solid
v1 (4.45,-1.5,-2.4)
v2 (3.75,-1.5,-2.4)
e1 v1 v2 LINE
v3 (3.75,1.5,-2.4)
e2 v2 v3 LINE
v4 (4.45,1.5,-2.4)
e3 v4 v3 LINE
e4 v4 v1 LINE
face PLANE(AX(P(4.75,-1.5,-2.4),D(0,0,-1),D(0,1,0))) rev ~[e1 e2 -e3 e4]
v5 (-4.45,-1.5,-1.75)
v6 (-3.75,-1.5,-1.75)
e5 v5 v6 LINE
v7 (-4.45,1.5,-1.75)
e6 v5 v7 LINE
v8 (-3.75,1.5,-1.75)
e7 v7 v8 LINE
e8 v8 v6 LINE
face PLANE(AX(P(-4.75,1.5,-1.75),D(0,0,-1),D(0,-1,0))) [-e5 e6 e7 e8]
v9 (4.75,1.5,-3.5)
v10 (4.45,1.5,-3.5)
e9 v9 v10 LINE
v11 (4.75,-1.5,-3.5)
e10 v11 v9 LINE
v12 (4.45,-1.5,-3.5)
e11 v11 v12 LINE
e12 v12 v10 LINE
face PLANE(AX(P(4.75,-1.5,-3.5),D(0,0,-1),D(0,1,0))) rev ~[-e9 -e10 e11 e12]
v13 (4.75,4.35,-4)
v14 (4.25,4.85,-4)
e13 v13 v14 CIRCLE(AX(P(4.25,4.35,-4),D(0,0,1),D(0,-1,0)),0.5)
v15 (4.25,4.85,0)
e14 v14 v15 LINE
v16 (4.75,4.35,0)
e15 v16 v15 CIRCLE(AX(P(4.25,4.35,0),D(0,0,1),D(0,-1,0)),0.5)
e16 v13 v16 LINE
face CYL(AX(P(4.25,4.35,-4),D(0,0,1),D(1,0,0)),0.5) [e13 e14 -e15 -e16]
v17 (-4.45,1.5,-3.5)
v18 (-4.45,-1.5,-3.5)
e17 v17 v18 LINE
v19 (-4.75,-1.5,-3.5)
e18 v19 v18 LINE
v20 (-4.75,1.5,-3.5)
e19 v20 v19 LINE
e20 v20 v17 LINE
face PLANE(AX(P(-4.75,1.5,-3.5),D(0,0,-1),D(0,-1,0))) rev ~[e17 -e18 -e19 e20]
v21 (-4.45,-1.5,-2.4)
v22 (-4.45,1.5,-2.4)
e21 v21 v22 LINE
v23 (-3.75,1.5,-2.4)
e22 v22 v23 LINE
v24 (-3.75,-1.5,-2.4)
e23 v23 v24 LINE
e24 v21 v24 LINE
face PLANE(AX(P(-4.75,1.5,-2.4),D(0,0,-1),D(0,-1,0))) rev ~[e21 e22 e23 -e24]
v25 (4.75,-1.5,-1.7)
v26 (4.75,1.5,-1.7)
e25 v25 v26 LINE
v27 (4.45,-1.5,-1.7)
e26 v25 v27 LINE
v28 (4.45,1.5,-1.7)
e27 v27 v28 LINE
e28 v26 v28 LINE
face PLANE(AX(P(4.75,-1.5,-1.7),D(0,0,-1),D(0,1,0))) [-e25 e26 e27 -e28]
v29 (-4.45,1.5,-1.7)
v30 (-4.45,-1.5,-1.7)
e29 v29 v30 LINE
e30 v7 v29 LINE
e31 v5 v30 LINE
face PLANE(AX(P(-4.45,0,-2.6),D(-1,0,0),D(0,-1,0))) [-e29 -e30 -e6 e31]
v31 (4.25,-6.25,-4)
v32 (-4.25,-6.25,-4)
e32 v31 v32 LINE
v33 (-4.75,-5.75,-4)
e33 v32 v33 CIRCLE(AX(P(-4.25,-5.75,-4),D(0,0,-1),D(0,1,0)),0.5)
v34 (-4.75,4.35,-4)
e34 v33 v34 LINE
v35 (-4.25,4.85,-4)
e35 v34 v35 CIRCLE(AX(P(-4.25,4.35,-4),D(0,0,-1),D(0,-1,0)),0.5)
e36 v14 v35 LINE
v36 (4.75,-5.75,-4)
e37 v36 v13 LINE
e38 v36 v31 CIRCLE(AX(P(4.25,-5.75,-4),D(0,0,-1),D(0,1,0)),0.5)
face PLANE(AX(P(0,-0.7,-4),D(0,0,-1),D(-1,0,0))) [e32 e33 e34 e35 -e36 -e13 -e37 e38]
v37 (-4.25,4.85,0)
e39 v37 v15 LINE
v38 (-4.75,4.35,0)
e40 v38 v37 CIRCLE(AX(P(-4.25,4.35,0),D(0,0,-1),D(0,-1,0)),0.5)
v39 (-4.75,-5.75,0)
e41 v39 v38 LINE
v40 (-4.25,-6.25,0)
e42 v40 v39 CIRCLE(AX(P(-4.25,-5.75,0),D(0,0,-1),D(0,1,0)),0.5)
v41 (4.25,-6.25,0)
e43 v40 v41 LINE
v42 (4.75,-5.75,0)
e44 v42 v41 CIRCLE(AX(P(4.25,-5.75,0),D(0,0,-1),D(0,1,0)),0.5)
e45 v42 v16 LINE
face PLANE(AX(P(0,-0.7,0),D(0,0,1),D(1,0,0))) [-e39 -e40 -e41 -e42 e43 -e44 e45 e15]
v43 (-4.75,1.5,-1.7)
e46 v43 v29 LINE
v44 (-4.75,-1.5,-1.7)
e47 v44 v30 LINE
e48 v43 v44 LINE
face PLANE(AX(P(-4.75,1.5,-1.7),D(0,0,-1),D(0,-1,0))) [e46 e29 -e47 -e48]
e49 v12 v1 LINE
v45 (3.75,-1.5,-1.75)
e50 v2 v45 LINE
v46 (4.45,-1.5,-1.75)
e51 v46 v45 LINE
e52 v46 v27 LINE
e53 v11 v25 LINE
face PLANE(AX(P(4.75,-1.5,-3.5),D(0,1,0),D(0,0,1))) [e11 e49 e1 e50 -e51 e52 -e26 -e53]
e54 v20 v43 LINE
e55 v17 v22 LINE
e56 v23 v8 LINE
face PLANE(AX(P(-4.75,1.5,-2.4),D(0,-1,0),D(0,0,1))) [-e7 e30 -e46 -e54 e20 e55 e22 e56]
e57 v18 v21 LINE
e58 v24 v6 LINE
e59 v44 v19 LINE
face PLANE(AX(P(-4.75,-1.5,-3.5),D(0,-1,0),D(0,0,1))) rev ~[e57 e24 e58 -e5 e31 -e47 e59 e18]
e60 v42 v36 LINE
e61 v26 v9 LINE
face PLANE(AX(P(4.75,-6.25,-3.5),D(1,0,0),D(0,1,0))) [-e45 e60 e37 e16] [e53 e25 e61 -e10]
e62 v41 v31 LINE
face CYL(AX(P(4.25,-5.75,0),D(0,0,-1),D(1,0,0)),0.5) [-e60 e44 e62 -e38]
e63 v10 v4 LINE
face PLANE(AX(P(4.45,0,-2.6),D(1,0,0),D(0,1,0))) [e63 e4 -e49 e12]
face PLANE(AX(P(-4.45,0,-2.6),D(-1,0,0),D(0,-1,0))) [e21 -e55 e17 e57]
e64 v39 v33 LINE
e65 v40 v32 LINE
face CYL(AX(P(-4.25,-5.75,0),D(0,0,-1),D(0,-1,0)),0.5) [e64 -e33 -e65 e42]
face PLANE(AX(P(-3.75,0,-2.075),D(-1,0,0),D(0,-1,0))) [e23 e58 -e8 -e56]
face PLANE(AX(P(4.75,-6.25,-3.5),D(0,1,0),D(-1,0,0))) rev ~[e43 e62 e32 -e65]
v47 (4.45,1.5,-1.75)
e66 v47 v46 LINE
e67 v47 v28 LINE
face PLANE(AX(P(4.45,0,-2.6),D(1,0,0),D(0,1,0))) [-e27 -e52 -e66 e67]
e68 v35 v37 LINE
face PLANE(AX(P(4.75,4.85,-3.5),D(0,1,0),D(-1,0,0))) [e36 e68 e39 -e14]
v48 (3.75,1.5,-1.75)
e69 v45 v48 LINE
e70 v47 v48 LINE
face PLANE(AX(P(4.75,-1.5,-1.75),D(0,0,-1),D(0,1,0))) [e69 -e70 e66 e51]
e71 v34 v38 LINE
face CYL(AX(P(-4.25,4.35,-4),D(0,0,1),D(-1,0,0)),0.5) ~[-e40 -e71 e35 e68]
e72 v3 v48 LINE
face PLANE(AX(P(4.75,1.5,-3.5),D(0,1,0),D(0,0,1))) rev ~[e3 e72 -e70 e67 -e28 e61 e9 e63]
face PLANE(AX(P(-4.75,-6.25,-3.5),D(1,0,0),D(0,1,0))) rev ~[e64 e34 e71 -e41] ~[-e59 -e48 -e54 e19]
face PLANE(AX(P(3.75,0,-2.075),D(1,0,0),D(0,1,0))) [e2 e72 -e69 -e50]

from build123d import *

# Parameters (mm, degrees)
SKETCH006_W     = 9.5
SKETCH006_H     = 11.1
PAD004_DEPTH    = 3.5
SKETCH013_W     = 3
SKETCH013_H     = 0.65
POCKET005_DEPTH = 1
SKETCH014_W     = 9.5
SKETCH014_H     = 11.1
PAD007_DEPTH    = 0.5
FILLET007_R     = 0.5
SKETCH019_W     = 3
SKETCH019_H     = 0.65
POCKET006_DEPTH = 1
SKETCH020_W     = 3
SKETCH020_H     = 1.8
POCKET007_DEPTH = 0.3
SKETCH021_W     = 3
SKETCH021_H     = 1.8
POCKET008_DEPTH = 0.3


with BuildPart() as part:
    # Sketch006 → Pad004 (new body)
    with BuildSketch(Plane.XY):
        with Locations((0, -0.7)):
            Rectangle(SKETCH006_W, SKETCH006_H)
    extrude(amount=-PAD004_DEPTH)

    # Sketch013 (on Face4 of Pad004) → Pocket005 (cut)
    with BuildSketch(Plane.YZ.offset(4.75)):
        with Locations((0, -2.075)):
            Rectangle(SKETCH013_W, SKETCH013_H)
    extrude(amount=-POCKET005_DEPTH, mode=Mode.SUBTRACT)

    # Sketch014 (on Face5 of Pocket005) → Pad007 (join)
    with BuildSketch(Plane(origin=(0, 0, -3.5), x_dir=(-1, 0, 0), z_dir=(0, 0, -1))):
        with Locations((0, -0.7)):
            Rectangle(SKETCH014_W, SKETCH014_H)
    extrude(amount=PAD007_DEPTH)

    # Fillet007
    fillet007_edges = [part.edges().sort_by_distance(p)[0] for p in [
        (4.75, -6.25, -3.75),
        (-4.75, -6.25, -3.75),
        (4.75, 4.85, -3.75),
        (-4.75, 4.85, -3.75),
    ]]
    fillet(fillet007_edges, radius=FILLET007_R)

    # Sketch019 (on Face7 of Fillet007) → Pocket006 (cut)
    with BuildSketch(Plane(origin=(-4.75, 0, 0), x_dir=(0, -1, 0), z_dir=(-1, 0, 0))):
        with Locations((0, -2.075)):
            Rectangle(SKETCH019_W, SKETCH019_H)
    extrude(amount=-POCKET006_DEPTH, mode=Mode.SUBTRACT)

    # Sketch020 (on Face6 of Pocket006) → Pocket007 (cut)
    with BuildSketch(Plane.YZ.offset(4.75)):
        with Locations((0, -2.6)):
            Rectangle(SKETCH020_W, SKETCH020_H)
    extrude(amount=-POCKET007_DEPTH, mode=Mode.SUBTRACT)

    # Sketch021 (on Face7 of Pocket007) → Pocket008 (cut)
    with BuildSketch(Plane(origin=(-4.75, 0, 0), x_dir=(0, -1, 0), z_dir=(-1, 0, 0))):
        with Locations((0, -2.6)):
            Rectangle(SKETCH021_W, SKETCH021_H)
    extrude(amount=-POCKET008_DEPTH, mode=Mode.SUBTRACT)


solid = part.part
